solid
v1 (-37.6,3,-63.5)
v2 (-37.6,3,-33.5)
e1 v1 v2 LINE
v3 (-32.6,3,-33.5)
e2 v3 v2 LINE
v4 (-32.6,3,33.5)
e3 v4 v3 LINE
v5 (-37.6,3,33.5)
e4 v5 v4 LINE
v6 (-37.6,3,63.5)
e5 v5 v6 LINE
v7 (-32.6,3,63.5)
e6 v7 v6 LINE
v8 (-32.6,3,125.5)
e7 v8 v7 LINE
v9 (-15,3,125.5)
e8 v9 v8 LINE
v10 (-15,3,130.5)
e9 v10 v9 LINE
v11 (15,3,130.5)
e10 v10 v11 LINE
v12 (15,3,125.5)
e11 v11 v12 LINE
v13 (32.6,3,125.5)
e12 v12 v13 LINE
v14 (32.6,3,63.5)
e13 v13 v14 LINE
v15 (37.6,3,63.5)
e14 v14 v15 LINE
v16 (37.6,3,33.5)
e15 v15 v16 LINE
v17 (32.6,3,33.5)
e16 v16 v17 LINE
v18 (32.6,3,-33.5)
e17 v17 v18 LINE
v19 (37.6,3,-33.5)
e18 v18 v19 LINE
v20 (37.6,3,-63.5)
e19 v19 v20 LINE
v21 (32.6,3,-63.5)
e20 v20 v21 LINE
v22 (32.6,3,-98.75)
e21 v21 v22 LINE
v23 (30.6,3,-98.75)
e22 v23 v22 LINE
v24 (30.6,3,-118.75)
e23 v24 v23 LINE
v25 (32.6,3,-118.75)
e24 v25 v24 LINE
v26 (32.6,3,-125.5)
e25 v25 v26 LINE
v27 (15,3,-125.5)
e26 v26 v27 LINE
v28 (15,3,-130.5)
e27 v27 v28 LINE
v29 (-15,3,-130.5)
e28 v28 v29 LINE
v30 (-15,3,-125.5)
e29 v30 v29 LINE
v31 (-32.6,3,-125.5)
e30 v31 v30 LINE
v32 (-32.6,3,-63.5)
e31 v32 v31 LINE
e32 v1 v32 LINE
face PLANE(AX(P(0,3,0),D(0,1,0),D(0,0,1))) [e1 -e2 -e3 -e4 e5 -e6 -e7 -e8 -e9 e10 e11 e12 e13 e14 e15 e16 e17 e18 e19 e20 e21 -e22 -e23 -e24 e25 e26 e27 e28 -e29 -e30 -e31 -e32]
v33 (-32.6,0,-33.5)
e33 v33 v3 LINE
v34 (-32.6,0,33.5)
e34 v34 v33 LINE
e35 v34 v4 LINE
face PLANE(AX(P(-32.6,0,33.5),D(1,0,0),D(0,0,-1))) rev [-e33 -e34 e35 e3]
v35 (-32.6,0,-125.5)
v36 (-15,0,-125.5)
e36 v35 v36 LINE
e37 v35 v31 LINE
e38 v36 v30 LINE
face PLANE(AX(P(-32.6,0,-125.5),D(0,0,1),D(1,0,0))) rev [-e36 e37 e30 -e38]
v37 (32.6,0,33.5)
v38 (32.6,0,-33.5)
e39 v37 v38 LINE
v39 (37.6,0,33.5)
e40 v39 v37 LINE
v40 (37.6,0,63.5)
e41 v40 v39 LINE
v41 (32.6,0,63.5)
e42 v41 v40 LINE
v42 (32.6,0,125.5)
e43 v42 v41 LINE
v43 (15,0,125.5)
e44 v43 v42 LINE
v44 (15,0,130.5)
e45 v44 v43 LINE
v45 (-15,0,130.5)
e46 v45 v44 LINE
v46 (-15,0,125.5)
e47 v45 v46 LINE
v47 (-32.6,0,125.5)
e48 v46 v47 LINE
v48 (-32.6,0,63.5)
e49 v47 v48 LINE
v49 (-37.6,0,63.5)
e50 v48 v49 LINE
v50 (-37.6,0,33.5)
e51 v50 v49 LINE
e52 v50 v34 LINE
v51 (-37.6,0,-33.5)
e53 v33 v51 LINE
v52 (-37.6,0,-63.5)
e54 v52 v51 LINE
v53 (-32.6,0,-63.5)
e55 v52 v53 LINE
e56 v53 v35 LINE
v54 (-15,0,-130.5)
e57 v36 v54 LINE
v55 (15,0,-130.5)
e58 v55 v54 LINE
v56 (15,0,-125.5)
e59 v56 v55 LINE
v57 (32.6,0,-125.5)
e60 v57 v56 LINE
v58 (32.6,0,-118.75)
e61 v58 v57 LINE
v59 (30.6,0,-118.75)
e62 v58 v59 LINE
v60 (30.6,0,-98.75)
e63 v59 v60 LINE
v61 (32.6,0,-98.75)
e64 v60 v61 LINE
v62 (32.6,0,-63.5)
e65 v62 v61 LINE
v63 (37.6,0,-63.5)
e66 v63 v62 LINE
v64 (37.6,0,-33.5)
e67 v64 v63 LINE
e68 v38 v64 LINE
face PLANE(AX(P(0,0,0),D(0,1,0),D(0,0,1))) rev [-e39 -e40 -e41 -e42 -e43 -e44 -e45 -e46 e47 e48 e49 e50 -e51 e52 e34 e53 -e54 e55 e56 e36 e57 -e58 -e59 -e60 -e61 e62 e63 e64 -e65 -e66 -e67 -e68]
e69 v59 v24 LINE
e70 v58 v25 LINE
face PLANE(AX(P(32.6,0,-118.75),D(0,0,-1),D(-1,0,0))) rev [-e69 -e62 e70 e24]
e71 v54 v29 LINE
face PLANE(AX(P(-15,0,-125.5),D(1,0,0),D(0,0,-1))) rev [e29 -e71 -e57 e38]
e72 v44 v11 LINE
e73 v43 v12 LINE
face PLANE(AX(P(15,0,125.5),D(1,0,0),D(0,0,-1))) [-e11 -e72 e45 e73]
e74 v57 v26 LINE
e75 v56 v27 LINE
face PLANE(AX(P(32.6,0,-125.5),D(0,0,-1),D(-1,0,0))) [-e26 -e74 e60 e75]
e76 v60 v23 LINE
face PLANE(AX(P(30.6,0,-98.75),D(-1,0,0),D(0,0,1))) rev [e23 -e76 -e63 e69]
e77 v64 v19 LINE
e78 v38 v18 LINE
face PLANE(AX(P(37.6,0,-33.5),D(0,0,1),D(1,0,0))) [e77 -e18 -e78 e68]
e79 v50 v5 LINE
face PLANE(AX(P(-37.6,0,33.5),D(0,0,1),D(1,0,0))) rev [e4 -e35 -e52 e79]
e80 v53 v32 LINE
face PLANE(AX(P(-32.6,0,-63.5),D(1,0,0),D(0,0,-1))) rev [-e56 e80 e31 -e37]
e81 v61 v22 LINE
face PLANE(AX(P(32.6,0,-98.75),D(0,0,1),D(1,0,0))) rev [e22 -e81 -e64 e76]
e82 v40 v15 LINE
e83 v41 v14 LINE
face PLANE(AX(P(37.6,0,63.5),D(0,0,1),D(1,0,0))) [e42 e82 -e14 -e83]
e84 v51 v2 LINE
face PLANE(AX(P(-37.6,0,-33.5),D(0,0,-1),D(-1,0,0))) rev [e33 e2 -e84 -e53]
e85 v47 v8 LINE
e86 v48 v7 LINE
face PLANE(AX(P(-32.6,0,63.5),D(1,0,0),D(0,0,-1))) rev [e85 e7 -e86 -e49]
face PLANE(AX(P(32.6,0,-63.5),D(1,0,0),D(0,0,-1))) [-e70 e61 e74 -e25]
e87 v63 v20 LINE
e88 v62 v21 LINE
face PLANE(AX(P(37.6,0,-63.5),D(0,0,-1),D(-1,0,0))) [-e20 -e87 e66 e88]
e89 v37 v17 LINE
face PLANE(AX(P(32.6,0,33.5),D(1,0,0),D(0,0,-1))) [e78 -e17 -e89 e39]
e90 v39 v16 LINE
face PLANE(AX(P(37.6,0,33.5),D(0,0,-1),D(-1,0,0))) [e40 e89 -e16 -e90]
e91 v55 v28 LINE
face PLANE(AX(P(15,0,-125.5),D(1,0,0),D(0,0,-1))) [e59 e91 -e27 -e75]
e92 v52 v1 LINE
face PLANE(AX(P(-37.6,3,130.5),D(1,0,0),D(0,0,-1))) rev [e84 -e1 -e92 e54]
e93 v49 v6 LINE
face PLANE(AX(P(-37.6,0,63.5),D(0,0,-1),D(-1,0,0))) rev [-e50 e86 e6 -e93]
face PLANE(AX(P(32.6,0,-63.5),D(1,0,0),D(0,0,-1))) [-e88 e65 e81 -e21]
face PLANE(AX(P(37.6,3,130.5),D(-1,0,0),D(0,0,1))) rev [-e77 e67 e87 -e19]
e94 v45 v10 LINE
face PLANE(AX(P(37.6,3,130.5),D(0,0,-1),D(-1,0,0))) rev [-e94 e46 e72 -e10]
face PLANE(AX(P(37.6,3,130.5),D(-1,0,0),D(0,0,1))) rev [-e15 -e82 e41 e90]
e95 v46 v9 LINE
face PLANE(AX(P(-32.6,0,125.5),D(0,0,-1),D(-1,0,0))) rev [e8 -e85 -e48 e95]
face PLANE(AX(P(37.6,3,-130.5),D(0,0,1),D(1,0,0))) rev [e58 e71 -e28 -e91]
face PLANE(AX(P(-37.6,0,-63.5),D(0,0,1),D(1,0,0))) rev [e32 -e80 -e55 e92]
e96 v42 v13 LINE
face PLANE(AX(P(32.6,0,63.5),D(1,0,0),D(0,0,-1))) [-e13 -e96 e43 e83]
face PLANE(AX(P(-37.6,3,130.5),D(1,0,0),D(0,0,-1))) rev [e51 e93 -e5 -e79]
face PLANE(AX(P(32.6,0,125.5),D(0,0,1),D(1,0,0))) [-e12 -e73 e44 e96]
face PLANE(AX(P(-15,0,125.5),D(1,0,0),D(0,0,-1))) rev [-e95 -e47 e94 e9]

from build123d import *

# Parameters (mm, degrees)
SKETCH1_W           = 75.2
SKETCH1_H           = 261
BOSS_EXTRUDE1_DEPTH = 3
SKETCH2_W           = 5
SKETCH2_H           = 67
CUT_EXTRUDE1_DEPTH  = 136.841856583
SKETCH3_W           = 2
SKETCH3_H           = 20
CUT_EXTRUDE2_DEPTH  = 136.841856583


with BuildPart() as part:
    # Sketch1 → Boss-Extrude1 (new body)
    with BuildSketch(Plane(origin=(0, 0, 0), x_dir=(1, 0, 0), z_dir=(0, 1, 0))):
        Rectangle(SKETCH1_W, SKETCH1_H)
    extrude(amount=BOSS_EXTRUDE1_DEPTH)

    # Sketch2 → Cut-Extrude1 (cut, through all)
    with BuildSketch(Plane(origin=(0, 3, 0), x_dir=(1, 0, 0), z_dir=(0, 1, 0))):
        Polygon((-37.6, -130.5), (-15, -130.5), (-15, -125.5), (-32.6, -125.5), (-32.6, -63.5), (-37.6, -63.5), align=None)
        with Locations((-35.1, 0)):
            Rectangle(SKETCH2_W, SKETCH2_H)
        Polygon((-37.6, 130.5), (-15, 130.5), (-15, 125.5), (-32.6, 125.5), (-32.6, 63.5), (-37.6, 63.5), align=None)
    cut_extrude1 = extrude(amount=-CUT_EXTRUDE1_DEPTH, mode=Mode.SUBTRACT)

    # Mirror1: Cut-Extrude1 across plane
    add(cut_extrude1.mirror(Plane(origin=(0, 0, 0), x_dir=(0, 0, 1), z_dir=(1, 0, 0))), mode=Mode.SUBTRACT)

    # Sketch3 → Cut-Extrude2 (cut, through all)
    with BuildSketch(Plane(origin=(0, 3, 0), x_dir=(1, 0, 0), z_dir=(0, 1, 0))):
        with Locations((31.6, 108.75)):
            Rectangle(SKETCH3_W, SKETCH3_H)
    extrude(amount=-CUT_EXTRUDE2_DEPTH, mode=Mode.SUBTRACT)


solid = part.part
